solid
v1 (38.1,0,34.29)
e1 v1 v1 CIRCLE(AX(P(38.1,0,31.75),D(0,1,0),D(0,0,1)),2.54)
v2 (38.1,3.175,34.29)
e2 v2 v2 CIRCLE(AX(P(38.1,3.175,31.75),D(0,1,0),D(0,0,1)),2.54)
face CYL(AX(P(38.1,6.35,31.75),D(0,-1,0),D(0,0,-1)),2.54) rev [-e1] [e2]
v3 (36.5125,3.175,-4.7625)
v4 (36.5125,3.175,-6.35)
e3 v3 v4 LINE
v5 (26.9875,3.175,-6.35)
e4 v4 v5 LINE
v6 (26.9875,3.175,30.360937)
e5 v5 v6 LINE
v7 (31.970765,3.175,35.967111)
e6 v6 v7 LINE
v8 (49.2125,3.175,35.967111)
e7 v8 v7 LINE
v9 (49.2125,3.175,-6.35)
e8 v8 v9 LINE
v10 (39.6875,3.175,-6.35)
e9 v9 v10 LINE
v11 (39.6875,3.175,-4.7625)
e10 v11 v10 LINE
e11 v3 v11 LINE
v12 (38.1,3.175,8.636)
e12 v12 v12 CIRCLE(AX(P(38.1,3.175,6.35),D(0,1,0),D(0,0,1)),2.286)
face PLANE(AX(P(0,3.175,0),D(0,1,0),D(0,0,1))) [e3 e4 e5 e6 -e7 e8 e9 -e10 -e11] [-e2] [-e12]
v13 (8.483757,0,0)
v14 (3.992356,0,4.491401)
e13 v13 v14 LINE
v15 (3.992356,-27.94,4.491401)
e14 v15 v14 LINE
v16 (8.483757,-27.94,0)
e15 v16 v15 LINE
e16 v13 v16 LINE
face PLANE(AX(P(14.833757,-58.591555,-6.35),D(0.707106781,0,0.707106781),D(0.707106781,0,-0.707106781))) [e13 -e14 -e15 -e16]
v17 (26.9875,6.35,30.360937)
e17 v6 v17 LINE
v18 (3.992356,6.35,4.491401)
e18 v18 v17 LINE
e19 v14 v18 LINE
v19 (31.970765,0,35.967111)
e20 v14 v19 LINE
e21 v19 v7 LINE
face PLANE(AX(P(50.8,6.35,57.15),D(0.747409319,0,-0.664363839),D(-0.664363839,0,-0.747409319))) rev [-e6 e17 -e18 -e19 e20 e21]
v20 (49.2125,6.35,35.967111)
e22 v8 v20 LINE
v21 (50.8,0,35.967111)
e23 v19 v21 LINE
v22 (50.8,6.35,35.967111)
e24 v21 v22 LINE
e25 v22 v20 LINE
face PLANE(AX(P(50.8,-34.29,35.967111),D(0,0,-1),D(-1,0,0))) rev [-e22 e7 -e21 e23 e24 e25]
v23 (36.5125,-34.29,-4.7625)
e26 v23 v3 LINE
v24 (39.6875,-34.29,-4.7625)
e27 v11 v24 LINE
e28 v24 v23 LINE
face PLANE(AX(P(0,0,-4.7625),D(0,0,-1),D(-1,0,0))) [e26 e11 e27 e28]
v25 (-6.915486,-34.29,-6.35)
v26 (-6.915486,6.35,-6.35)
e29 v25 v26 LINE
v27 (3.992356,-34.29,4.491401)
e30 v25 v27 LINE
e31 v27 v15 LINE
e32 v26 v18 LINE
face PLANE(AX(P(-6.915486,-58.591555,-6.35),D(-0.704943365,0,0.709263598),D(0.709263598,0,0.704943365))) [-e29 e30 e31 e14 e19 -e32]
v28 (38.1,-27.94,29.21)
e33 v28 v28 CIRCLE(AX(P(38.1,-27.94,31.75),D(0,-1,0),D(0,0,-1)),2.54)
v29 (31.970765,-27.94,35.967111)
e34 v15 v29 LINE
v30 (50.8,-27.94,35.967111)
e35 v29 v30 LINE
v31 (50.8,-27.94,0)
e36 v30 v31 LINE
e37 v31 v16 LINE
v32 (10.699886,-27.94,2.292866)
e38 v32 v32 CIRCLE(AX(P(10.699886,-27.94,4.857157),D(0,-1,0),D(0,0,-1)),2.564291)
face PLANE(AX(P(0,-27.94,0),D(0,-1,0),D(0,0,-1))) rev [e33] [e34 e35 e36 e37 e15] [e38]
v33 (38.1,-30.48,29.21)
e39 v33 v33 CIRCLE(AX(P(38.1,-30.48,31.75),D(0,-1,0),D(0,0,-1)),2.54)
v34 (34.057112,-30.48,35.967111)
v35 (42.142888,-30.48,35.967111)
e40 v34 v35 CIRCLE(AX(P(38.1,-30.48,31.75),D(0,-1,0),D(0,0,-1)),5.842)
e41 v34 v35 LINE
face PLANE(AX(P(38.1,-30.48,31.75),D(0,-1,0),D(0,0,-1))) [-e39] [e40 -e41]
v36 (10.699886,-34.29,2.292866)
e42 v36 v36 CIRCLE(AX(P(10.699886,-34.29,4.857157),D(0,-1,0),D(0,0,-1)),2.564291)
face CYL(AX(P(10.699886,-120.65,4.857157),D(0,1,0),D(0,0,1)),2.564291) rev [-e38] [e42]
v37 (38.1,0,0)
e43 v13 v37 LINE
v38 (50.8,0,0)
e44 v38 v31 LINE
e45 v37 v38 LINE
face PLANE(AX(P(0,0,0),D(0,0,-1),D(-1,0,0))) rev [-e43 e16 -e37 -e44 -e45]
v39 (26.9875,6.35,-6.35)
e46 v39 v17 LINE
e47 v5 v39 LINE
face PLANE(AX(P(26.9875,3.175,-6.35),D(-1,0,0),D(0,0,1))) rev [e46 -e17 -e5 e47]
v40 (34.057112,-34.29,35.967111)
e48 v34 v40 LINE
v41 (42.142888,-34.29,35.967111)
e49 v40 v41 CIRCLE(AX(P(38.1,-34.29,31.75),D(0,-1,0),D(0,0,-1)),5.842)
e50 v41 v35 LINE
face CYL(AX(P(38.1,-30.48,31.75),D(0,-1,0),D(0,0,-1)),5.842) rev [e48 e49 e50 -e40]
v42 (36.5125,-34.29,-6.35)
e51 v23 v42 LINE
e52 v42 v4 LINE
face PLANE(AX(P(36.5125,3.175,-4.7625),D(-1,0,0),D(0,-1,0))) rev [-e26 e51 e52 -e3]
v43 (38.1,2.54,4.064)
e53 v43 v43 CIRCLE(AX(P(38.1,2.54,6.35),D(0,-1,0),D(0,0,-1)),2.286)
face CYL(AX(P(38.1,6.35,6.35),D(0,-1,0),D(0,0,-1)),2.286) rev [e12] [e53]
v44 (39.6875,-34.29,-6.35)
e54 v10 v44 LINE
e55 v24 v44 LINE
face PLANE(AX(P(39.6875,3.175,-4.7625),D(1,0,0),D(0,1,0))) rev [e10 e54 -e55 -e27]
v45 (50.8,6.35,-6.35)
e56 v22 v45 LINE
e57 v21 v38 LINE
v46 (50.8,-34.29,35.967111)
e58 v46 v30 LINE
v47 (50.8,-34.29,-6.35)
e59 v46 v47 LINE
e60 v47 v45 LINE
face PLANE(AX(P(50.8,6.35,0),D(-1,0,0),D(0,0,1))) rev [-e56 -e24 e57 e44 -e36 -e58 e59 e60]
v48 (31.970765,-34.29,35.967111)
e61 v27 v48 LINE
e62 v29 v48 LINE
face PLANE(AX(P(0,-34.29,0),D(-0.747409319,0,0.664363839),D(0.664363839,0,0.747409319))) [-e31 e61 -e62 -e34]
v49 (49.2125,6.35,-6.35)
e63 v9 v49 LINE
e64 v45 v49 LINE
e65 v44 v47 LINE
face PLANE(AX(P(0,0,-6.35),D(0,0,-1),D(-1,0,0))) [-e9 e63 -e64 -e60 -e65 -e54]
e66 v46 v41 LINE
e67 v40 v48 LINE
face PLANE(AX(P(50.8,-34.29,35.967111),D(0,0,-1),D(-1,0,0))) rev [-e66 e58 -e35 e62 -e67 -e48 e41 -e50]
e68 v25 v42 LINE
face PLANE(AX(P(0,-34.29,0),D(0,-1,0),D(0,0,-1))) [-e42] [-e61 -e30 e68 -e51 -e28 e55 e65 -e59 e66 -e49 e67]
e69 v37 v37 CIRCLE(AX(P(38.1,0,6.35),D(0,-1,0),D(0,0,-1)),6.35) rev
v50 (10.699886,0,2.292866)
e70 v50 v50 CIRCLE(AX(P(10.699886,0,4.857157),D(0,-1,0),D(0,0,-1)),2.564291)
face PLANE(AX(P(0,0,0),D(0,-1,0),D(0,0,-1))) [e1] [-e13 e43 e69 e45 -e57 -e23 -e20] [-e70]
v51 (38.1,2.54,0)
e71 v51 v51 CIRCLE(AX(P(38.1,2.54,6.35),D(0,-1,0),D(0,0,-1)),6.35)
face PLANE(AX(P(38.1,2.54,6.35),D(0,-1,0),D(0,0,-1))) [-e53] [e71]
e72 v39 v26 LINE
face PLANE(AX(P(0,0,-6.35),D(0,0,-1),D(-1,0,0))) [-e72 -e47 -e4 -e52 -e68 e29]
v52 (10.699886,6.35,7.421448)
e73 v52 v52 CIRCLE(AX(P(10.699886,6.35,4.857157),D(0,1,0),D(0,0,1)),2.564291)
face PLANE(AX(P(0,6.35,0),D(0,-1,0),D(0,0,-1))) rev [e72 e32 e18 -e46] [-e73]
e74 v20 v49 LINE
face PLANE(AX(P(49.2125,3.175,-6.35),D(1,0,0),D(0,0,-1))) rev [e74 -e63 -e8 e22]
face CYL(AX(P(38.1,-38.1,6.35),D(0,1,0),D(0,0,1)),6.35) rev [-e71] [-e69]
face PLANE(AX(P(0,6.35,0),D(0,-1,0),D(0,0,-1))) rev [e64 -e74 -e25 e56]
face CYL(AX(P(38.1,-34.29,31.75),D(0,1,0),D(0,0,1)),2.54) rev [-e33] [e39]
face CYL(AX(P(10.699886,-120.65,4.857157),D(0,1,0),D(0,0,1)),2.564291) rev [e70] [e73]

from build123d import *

# Parameters (mm, degrees)
SKETCH2_R               = 2.286
SKETCH2_R_2             = 2.54
BOSS_EXTRUDE1_DEPTH     = 6.35
SKETCH3_W               = 50.8
SKETCH3_H               = 27.94
BOSS_EXTRUDE2_DEPTH     = 6.35
SKETCH5_W               = 50.8
SKETCH5_H               = 6.35
BOSS_EXTRUDE3_DEPTH     = 6.35
CUT_EXTRUDE1_DEPTH      = 38.1
CUT_EXTRUDE1_DEPTH_BACK = 2.54
SKETCH6_R               = 6.35
BOSS_EXTRUDE4_START     = 6.35
SKETCH7_W               = 50.8
SKETCH7_H               = 6.35
SKETCH7_R               = 2.54
BOSS_EXTRUDE4_DEPTH     = 6.35
CUT_EXTRUDE2_DEPTH      = 3.175
SKETCH9_R               = 2.564291027
CUT_EXTRUDE3_DEPTH      = 127
SKETCH11_W              = 3.175
SKETCH11_H              = 37.465
CUT_EXTRUDE4_DEPTH      = 1.5875
SKETCH16_R              = 5.842
CUT_EXTRUDE7_DEPTH      = 3.81
SKETCH17_W              = 19.191430616
SKETCH17_H              = 21.182889484
CUT_EXTRUDE8_DEPTH      = 87.593141183
BOSS_EXTRUDE5_REACH     = 76.336


with BuildPart() as part:
    # Sketch2 → Boss-Extrude1 (new body)
    with BuildSketch(Plane(origin=(0, 0, 0), x_dir=(1, 0, 0), z_dir=(0, 1, 0))):
        Polygon((0, 0), (50.8, 0), (50.8, -57.15), align=None)
        with Locations(Location((38.1, -6.35, 0), (0, 0, 270))):
            Circle(SKETCH2_R, mode=Mode.SUBTRACT)
        with Locations(Location((38.1, -31.75, 0), (0, 0, 270))):
            Circle(SKETCH2_R_2, mode=Mode.SUBTRACT)
        with Locations(Location((10.699885901, -4.857157432, 0), (0, 0, 270))):
            Circle(SKETCH2_R_2, mode=Mode.SUBTRACT)
    extrude(amount=BOSS_EXTRUDE1_DEPTH)



with BuildPart() as body_2:
    # Sketch3 → Boss-Extrude2 (new body)
    with BuildSketch(Plane(origin=(0, 0, 0), x_dir=(-1, 0, 0), z_dir=(0, 0, -1))):
        with Locations((-25.4, -13.97)):
            Rectangle(SKETCH3_W, SKETCH3_H)
    extrude(amount=BOSS_EXTRUDE2_DEPTH)


with BuildPart() as part_1:
    add(part.part)

    add(body_2.part)  # Boss-Extrude3 merges body 2
    # Sketch5 → Boss-Extrude3 (add)
    with BuildSketch(Plane(origin=(0, 6.35, 0), x_dir=(1, 0, 0), z_dir=(0, 1, 0))):
        with Locations((25.4, 3.175)):
            Rectangle(SKETCH5_W, SKETCH5_H)
    extrude(amount=-BOSS_EXTRUDE3_DEPTH)

    # Sketch6 → Cut-Extrude1 (cut, two sides: drawn at the far end of the back side and taken through both)
    with BuildSketch(Plane.XZ.offset(-CUT_EXTRUDE1_DEPTH_BACK)):
        with Locations(Location((38.1, 6.35, 0), (0, 0, 270))):
            Circle(SKETCH6_R)
    extrude(amount=CUT_EXTRUDE1_DEPTH + CUT_EXTRUDE1_DEPTH_BACK, mode=Mode.SUBTRACT)

    # Sketch7 → Boss-Extrude4 (add)
    # profile 1 of 2: a face of its own
    with BuildSketch(Plane.XZ.offset(27.94).offset(BOSS_EXTRUDE4_START)):
        with Locations((25.4, -3.175)):
            Rectangle(SKETCH7_W, SKETCH7_H)
    # profile 2 of 2: a face of its own
    with BuildSketch(Plane.XZ.offset(27.94).offset(BOSS_EXTRUDE4_START)):
        Polygon((50.8, 57.15), (0, 0), (50.8, 0), align=None)
        with Locations(Location((38.1, 31.75, 0), (0, 0, 90))):
            Circle(SKETCH7_R, mode=Mode.SUBTRACT)
    extrude(amount=-BOSS_EXTRUDE4_DEPTH)

    # Sketch8 → Cut-Extrude2 (cut)
    with BuildSketch(Plane(origin=(0, 6.35, 0), x_dir=(1, 0, 0), z_dir=(0, 1, 0))):
        Polygon((26.9875, 6.35), (49.2125, 6.35), (49.2125, -55.3640625), (26.9875, -30.3609375), align=None)
    extrude(amount=-CUT_EXTRUDE2_DEPTH, mode=Mode.SUBTRACT)

    # Sketch9 → Cut-Extrude3 (cut)
    with BuildSketch(Plane(origin=(0, 6.35, 0), x_dir=(1, 0, 0), z_dir=(0, 1, 0))):
        with Locations(Location((10.699885901, -4.857157432, 0), (0, 0, 90))):
            Circle(SKETCH9_R)
    extrude(amount=-CUT_EXTRUDE3_DEPTH, mode=Mode.SUBTRACT)

    # Sketch11 → Cut-Extrude4 (cut)
    with BuildSketch(Plane(origin=(0, 0, -6.35), x_dir=(-1, 0, 0), z_dir=(0, 0, -1))):
        with Locations((-38.1, -15.5575)):
            Rectangle(SKETCH11_W, SKETCH11_H)
    extrude(amount=-CUT_EXTRUDE4_DEPTH, mode=Mode.SUBTRACT)

    # Sketch16 → Cut-Extrude7 (cut)
    with BuildSketch(Plane.XZ.offset(34.29)):
        with Locations(Location((38.1, 31.75, 0), (0, 0, 270))):
            Circle(SKETCH16_R)
    extrude(amount=-CUT_EXTRUDE7_DEPTH, mode=Mode.SUBTRACT)

    # Sketch17 → Cut-Extrude8 (cut, through all)
    with BuildSketch(Plane(origin=(0, 6.35, 0), x_dir=(1, 0, 0), z_dir=(0, 1, 0))):
        with Locations((41.204284692, -46.558555258)):
            Rectangle(SKETCH17_W, SKETCH17_H)
        Polygon((3.992356435, -4.491400989), (14.833757424, 6.35), (0, 6.35), (0, 0), align=None)
    extrude(amount=-CUT_EXTRUDE8_DEPTH, mode=Mode.SUBTRACT)

    # Boss-Extrude5: up to this face of the body (flat: up to its plane)
    boss_extrude5_end = Plane(part_1.part.faces().sort_by_distance((32.258274594, -34.29, 11.14322166))[0])
    # Sketch18 → Boss-Extrude5 (add, up to the picked face)
    with BuildSketch(Plane(origin=(0, 6.35, 0), x_dir=(1, 0, 0), z_dir=(0, 1, 0)), mode=Mode.PRIVATE) as boss_extrude5_sk1:
        Polygon((14.833757424, 6.35), (-6.915485897, 6.35), (3.992356435, -4.491400989), align=None)
    boss_extrude5_tool1 = split(extrude(boss_extrude5_sk1.sketch, amount=-BOSS_EXTRUDE5_REACH, mode=Mode.PRIVATE), bisect_by=boss_extrude5_end, keep=Keep.BOTH, mode=Mode.PRIVATE)
    add(boss_extrude5_tool1.solids().sort_by(Axis((3.970209, 6.35, -2.7362), (0, -1, 0)))[0])


solid = part_1.part
